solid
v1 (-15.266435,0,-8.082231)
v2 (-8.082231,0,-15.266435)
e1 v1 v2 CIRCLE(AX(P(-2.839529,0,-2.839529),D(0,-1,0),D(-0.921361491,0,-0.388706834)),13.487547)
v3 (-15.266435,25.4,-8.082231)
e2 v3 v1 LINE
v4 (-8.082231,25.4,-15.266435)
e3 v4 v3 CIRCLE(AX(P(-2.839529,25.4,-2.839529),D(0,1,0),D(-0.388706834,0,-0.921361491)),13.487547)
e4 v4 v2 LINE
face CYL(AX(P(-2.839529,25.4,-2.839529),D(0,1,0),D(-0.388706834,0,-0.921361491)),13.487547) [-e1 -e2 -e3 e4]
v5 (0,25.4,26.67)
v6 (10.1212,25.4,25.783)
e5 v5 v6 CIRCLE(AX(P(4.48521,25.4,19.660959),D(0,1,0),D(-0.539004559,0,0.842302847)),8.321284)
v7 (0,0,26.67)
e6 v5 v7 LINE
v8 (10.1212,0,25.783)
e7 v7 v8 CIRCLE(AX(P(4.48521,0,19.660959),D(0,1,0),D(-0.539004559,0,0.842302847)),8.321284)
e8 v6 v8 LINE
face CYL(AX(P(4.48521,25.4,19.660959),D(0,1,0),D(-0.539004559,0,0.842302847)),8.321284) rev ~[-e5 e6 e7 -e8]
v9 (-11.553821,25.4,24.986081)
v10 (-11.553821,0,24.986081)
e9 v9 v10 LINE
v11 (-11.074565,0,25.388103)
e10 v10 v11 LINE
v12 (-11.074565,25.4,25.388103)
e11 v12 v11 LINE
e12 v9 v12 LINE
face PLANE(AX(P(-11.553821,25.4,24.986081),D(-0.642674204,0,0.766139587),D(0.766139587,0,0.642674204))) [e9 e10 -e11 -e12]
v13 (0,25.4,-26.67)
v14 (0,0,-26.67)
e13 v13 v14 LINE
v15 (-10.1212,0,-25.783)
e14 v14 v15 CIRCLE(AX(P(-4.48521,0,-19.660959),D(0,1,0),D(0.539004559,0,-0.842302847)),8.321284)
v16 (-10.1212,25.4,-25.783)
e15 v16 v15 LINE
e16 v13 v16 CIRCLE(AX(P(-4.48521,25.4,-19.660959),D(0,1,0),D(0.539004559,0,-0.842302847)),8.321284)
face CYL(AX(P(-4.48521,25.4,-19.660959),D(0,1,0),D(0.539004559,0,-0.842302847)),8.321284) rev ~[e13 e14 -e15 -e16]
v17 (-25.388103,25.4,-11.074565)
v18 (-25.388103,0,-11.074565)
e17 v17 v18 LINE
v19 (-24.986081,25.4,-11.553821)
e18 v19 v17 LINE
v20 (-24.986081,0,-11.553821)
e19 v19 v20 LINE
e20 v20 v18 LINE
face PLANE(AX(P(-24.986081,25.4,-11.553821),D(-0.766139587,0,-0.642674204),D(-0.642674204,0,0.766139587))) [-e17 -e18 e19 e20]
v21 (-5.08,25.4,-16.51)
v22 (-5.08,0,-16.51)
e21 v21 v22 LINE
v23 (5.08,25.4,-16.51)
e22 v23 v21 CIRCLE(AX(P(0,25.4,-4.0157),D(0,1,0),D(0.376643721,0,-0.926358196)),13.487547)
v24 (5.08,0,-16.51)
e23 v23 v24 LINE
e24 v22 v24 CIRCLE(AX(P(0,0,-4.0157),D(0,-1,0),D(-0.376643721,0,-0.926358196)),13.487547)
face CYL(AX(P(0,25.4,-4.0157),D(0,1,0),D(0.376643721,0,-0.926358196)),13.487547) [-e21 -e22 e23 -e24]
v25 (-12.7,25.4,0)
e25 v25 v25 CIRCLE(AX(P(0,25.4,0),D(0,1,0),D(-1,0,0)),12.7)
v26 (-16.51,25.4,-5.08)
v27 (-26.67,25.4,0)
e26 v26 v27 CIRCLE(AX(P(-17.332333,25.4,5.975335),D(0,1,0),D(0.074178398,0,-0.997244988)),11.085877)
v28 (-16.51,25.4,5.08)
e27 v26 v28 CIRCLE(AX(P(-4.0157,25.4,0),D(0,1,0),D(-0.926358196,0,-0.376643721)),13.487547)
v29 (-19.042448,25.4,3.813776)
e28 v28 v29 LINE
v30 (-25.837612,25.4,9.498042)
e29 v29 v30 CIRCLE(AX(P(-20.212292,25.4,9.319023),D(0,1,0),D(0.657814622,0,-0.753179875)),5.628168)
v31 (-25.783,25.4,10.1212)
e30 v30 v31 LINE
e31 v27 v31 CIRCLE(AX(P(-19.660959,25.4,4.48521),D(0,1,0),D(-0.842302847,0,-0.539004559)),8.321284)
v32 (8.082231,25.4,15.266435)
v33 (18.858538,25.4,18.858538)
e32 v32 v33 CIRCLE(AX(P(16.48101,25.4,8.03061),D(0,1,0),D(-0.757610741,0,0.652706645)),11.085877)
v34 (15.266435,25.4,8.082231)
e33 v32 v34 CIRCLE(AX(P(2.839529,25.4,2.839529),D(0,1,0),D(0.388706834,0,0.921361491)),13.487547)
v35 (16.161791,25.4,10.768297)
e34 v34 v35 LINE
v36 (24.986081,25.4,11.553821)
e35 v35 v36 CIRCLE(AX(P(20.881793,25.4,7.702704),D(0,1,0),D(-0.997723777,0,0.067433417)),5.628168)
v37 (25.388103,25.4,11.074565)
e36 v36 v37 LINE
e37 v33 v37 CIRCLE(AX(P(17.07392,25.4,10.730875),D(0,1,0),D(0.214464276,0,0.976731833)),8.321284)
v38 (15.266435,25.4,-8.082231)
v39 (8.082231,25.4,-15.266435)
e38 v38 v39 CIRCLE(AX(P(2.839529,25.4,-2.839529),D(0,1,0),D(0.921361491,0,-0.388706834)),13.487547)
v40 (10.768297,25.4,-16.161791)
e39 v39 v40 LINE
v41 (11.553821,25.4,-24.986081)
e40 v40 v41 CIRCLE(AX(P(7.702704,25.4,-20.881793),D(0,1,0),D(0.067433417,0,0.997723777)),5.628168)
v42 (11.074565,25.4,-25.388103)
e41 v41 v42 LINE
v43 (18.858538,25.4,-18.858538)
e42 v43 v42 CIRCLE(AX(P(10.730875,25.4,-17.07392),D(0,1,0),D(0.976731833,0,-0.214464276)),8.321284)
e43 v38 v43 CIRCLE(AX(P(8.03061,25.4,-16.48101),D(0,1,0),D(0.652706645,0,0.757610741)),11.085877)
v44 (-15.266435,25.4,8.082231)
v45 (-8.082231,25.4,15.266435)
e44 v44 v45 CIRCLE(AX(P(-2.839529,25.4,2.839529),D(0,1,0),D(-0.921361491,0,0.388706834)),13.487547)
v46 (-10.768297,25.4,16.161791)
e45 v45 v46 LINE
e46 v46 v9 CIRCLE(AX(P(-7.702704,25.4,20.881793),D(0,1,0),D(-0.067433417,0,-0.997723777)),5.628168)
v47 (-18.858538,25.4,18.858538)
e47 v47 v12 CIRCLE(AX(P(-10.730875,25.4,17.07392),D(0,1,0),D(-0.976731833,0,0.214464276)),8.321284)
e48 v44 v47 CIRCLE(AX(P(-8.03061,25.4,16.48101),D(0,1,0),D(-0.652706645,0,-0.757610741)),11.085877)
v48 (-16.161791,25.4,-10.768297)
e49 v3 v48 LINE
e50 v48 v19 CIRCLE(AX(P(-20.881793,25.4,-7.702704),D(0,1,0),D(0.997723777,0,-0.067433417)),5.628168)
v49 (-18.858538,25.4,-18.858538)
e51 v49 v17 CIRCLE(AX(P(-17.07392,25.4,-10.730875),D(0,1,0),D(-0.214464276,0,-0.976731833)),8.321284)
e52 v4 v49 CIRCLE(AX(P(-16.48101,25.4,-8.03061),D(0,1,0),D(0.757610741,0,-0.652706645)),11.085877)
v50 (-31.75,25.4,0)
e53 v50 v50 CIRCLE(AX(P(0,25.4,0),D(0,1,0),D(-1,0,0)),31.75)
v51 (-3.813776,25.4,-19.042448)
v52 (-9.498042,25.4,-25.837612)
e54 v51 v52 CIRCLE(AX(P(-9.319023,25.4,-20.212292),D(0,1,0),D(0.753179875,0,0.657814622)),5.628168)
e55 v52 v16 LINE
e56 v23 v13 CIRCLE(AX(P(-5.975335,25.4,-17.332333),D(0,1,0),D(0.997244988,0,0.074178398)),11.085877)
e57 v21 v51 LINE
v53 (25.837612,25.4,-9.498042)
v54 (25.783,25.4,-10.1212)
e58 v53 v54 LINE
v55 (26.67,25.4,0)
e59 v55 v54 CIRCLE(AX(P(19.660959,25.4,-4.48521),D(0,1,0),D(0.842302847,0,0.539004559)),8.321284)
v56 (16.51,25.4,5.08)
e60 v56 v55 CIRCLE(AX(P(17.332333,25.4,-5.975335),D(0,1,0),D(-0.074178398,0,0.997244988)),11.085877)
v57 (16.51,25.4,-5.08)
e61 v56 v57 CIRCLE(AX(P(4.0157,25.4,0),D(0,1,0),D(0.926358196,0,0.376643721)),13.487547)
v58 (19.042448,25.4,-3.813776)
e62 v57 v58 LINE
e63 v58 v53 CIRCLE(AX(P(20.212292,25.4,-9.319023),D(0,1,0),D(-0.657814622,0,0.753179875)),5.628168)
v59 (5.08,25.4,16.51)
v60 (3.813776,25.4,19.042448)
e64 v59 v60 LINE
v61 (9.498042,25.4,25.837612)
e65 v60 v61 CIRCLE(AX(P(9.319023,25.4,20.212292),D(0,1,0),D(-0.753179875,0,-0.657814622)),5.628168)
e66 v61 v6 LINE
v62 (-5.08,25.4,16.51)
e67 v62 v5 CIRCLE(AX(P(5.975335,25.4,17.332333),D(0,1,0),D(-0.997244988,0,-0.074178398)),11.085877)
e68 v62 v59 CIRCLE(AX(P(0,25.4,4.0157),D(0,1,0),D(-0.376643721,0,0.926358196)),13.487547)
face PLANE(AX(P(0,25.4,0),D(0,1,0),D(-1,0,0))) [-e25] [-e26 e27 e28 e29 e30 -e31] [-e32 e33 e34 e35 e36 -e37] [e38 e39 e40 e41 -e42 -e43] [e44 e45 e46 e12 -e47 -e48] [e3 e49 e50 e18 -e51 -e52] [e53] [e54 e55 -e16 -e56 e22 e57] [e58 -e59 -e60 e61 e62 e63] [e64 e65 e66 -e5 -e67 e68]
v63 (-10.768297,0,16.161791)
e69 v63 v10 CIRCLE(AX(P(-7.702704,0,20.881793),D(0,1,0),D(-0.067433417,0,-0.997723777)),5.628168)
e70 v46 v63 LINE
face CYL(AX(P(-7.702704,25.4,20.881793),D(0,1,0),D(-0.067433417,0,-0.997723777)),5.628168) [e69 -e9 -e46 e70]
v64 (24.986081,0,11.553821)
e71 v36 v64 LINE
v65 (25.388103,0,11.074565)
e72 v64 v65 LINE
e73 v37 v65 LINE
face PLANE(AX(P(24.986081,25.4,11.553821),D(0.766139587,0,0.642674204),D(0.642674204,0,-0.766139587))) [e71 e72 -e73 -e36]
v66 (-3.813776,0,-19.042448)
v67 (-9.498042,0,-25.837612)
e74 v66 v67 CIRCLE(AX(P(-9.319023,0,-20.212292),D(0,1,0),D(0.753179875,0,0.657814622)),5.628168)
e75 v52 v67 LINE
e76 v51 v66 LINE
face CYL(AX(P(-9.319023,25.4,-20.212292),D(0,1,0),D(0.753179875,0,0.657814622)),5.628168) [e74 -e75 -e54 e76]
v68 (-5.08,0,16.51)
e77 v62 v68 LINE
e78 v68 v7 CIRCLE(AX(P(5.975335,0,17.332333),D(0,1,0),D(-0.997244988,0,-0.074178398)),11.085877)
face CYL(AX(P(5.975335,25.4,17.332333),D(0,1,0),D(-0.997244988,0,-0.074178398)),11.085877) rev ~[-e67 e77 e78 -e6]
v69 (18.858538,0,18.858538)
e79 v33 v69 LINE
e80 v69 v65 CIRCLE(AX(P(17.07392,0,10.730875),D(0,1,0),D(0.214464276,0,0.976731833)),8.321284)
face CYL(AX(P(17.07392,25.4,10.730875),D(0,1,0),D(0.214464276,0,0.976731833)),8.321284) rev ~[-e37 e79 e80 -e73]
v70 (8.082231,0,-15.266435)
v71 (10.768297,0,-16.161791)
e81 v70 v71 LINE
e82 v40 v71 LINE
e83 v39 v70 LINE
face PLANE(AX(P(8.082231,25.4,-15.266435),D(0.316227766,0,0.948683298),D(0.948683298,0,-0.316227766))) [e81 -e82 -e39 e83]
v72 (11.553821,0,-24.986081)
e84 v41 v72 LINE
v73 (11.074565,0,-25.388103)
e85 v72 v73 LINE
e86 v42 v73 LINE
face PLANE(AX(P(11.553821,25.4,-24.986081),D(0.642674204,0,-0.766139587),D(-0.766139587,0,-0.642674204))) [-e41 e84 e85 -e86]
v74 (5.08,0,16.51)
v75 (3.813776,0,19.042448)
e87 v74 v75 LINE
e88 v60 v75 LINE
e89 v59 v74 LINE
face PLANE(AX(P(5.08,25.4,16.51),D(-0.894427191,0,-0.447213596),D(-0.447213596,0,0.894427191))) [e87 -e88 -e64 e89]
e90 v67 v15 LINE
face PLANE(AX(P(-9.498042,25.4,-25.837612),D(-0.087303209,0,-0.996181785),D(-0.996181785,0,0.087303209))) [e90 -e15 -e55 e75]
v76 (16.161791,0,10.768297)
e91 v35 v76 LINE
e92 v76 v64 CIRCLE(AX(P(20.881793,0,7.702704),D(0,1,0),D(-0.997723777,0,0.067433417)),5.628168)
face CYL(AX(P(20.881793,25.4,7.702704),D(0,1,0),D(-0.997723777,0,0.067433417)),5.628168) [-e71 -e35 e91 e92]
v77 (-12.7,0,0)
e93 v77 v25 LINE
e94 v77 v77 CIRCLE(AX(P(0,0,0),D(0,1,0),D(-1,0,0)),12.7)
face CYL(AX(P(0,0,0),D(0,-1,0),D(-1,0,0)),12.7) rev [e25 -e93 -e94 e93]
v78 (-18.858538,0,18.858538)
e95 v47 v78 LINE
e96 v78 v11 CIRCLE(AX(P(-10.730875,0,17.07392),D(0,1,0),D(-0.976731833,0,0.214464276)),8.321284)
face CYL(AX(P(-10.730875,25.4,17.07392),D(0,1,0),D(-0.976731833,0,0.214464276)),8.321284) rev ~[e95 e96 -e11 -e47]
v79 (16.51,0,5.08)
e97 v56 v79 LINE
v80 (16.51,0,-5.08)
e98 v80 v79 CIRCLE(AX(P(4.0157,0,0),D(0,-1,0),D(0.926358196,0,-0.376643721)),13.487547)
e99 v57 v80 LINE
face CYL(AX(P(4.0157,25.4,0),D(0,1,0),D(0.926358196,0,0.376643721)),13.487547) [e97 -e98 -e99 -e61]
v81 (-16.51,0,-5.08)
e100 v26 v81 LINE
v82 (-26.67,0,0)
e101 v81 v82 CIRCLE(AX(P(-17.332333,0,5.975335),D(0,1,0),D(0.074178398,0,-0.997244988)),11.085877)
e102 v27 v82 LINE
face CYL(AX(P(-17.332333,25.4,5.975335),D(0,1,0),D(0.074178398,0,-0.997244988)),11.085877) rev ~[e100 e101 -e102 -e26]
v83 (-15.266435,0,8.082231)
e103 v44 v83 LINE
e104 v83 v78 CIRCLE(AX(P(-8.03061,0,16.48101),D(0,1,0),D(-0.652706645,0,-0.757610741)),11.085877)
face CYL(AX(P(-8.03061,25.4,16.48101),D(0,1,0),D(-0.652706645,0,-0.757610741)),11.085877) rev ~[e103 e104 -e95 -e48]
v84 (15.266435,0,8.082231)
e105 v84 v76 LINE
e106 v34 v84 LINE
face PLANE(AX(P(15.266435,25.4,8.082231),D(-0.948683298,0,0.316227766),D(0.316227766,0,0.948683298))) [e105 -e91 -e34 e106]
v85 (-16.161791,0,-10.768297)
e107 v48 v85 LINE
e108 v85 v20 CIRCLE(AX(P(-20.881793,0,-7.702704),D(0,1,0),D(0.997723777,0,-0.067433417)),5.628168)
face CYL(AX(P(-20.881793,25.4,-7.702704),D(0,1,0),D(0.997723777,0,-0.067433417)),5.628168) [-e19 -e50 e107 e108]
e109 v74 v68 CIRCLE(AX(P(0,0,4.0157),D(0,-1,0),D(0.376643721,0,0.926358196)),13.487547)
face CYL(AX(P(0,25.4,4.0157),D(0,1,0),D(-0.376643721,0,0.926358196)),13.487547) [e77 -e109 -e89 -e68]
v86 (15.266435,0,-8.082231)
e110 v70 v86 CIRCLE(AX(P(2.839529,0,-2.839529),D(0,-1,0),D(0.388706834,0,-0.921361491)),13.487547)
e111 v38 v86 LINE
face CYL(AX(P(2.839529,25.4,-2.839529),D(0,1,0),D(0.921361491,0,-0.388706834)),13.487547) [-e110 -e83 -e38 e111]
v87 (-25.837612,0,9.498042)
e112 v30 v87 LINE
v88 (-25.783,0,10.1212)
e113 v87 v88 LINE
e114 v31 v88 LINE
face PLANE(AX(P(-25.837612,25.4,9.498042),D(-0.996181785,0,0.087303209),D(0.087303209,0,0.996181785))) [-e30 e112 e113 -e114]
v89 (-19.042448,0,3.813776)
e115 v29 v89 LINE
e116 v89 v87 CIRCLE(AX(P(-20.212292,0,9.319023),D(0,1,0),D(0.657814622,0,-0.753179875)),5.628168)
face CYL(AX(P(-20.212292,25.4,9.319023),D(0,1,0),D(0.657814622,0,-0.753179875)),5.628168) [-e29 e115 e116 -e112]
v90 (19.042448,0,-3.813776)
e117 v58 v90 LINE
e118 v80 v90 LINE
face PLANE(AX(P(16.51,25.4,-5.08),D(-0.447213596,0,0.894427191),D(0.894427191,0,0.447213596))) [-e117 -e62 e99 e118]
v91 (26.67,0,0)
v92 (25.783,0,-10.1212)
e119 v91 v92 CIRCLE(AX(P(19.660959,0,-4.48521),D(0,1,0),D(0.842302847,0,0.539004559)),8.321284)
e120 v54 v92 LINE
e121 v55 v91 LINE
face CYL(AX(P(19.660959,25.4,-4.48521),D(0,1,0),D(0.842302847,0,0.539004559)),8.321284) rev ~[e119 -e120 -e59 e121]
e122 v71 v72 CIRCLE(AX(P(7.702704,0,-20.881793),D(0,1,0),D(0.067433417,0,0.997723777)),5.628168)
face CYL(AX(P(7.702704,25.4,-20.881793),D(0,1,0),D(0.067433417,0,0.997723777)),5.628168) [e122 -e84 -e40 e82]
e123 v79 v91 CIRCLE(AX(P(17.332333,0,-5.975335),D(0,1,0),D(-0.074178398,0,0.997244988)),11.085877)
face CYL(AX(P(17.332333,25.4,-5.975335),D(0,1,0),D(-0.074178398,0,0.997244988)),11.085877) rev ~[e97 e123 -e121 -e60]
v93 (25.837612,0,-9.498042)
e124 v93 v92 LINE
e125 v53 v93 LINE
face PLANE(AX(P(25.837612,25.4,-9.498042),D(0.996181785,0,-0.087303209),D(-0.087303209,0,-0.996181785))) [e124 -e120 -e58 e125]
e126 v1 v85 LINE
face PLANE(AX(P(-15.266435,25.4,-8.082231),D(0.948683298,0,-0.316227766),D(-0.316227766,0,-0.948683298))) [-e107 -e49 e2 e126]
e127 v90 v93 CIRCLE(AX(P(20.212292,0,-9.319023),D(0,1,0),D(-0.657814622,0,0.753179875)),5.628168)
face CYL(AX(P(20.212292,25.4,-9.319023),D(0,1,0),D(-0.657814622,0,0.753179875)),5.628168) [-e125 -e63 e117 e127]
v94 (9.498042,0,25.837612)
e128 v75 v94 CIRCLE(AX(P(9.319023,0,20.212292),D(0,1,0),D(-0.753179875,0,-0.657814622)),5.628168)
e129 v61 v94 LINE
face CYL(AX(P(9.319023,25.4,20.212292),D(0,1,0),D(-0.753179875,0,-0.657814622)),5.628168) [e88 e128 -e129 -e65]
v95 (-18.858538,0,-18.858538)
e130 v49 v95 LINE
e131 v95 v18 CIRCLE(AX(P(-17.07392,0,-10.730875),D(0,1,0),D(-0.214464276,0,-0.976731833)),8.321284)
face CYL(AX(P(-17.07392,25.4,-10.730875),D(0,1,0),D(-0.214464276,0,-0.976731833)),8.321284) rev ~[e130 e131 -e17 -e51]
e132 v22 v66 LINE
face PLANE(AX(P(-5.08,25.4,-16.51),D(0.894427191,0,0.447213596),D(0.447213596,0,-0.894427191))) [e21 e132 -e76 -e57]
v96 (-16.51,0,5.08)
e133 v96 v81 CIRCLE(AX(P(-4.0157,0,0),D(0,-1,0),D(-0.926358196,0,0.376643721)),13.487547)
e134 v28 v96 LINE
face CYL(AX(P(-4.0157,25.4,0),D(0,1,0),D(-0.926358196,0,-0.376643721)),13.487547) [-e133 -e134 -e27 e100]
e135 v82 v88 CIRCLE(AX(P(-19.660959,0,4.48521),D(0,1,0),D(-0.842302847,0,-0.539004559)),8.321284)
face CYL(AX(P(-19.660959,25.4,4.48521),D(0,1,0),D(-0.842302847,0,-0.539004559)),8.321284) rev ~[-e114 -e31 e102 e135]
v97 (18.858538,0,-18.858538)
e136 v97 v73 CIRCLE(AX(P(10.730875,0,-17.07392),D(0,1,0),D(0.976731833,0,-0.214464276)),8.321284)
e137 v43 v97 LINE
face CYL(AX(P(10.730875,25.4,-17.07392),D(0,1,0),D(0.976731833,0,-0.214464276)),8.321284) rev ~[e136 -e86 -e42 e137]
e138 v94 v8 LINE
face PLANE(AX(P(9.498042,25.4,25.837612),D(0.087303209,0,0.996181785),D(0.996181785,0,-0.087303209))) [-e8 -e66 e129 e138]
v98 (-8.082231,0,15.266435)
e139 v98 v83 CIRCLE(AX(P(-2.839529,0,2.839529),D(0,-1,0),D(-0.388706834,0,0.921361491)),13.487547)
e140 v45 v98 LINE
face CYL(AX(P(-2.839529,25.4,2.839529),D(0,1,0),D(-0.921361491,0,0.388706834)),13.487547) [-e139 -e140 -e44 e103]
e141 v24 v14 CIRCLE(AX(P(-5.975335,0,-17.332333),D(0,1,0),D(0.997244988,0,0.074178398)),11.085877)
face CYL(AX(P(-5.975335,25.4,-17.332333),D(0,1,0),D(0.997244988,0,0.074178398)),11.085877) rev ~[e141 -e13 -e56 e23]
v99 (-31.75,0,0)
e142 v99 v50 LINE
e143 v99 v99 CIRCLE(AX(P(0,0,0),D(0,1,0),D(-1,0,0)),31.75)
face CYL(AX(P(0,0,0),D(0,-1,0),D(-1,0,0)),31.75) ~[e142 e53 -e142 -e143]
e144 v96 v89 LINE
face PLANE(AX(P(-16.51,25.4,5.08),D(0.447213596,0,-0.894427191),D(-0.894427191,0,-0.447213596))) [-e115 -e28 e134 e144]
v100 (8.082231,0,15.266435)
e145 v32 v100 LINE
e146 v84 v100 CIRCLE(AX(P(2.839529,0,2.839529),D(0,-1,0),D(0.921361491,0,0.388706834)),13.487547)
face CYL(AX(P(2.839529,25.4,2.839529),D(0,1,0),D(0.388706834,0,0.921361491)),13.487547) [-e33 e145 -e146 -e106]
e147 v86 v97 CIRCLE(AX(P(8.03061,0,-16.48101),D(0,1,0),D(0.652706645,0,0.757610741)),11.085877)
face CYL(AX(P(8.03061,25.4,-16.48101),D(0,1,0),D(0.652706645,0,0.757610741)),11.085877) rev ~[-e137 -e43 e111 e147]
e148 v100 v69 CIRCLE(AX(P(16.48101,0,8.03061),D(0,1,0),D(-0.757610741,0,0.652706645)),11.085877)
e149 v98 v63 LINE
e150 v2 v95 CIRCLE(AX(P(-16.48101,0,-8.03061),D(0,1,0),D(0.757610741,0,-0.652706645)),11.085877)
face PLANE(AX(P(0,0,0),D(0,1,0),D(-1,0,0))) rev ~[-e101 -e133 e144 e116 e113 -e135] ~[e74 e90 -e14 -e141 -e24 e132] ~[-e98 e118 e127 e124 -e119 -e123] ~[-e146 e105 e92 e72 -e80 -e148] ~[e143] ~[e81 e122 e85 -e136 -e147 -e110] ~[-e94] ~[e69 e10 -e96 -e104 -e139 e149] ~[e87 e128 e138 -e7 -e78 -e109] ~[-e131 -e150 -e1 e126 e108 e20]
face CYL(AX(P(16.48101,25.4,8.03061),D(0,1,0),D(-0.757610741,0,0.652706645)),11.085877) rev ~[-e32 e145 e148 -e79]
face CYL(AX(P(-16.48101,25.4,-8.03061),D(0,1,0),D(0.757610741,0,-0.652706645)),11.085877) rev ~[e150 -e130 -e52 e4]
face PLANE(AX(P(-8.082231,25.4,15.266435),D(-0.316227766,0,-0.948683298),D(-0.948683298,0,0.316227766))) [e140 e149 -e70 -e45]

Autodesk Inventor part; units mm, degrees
ref_plane "YZ Plane" through (0, 0, 0) normal (1, 0, 0) x (0, 1, 0)
ref_plane "XZ Plane" through (0, 0, 0) normal (0, 1, 0) x (-1, 0, 0)
ref_plane "XY Plane" through (0, 0, 0) normal (0, 0, 1) x (1, 0, 0)
sketch "Sketch1" plane through (0, 0, 0) normal (0, 1, 0) x (-1, 0, 0)
  circle A0 centre (0, 0) radius 12.7
  circle A1 centre (0, 0) radius 31.75
  dimension "d0" = 25.4
  dimension "d1" = 63.5
extrude "Extrusion1" add sketch "Sketch1" along normal blind 25.4
sketch "Sketch2" plane through (0, 25.4, 0) normal (0, 1, 0) x (1, 0, 0)
  circle A0 centre (0, 0) radius 31.75 projected
  line L0 (-31.75, 0) -> (-26.67, 0)
  line L1 (-26.67, 0) -> (-16.51, 0)
  line L2 (-16.51, 5.08) -> (-26.67, 0)
  line L3 (-16.51, -5.08) -> (-26.67, 0)
  arc A1 (-16.51, 5.08) -> (-26.67, 0) centre (-17.3323, -5.9755) ccw
  line L4 (-26.67, 0) -> (-25.783, -10.1212)
  arc A2 (-26.67, 0) -> (-25.783, -10.1212) centre (-19.661, -4.4852) ccw
  arc A3 (-16.51, 5.08) -> (-16.51, -5.08) centre (-4.0157, 0) ccw
  arc A4 (-16.51, -5.08) -> (-25.783, -10.1212) centre (-20.2123, -9.3191) ccw
  dimension "d4" = 5.08
  dimension "d6" = 5.08
  dimension "d7" = 10.16
  dimension "d13" = 10.16
extrude "Extrusion2" cut sketch "Sketch2" against normal blind 25.4 contours A1 L2 | L2 A3 L1 | L1 A3 A4 L3 | L3 A4 L4 | L4 A4 A2 | A4 L3 | L4 A4
pattern_circular "Circular Pattern1" count 8 over 360 about axis through (0, 0, 0) along (0, 1, 0) of "Extrusion2"
properties part number "whee"
